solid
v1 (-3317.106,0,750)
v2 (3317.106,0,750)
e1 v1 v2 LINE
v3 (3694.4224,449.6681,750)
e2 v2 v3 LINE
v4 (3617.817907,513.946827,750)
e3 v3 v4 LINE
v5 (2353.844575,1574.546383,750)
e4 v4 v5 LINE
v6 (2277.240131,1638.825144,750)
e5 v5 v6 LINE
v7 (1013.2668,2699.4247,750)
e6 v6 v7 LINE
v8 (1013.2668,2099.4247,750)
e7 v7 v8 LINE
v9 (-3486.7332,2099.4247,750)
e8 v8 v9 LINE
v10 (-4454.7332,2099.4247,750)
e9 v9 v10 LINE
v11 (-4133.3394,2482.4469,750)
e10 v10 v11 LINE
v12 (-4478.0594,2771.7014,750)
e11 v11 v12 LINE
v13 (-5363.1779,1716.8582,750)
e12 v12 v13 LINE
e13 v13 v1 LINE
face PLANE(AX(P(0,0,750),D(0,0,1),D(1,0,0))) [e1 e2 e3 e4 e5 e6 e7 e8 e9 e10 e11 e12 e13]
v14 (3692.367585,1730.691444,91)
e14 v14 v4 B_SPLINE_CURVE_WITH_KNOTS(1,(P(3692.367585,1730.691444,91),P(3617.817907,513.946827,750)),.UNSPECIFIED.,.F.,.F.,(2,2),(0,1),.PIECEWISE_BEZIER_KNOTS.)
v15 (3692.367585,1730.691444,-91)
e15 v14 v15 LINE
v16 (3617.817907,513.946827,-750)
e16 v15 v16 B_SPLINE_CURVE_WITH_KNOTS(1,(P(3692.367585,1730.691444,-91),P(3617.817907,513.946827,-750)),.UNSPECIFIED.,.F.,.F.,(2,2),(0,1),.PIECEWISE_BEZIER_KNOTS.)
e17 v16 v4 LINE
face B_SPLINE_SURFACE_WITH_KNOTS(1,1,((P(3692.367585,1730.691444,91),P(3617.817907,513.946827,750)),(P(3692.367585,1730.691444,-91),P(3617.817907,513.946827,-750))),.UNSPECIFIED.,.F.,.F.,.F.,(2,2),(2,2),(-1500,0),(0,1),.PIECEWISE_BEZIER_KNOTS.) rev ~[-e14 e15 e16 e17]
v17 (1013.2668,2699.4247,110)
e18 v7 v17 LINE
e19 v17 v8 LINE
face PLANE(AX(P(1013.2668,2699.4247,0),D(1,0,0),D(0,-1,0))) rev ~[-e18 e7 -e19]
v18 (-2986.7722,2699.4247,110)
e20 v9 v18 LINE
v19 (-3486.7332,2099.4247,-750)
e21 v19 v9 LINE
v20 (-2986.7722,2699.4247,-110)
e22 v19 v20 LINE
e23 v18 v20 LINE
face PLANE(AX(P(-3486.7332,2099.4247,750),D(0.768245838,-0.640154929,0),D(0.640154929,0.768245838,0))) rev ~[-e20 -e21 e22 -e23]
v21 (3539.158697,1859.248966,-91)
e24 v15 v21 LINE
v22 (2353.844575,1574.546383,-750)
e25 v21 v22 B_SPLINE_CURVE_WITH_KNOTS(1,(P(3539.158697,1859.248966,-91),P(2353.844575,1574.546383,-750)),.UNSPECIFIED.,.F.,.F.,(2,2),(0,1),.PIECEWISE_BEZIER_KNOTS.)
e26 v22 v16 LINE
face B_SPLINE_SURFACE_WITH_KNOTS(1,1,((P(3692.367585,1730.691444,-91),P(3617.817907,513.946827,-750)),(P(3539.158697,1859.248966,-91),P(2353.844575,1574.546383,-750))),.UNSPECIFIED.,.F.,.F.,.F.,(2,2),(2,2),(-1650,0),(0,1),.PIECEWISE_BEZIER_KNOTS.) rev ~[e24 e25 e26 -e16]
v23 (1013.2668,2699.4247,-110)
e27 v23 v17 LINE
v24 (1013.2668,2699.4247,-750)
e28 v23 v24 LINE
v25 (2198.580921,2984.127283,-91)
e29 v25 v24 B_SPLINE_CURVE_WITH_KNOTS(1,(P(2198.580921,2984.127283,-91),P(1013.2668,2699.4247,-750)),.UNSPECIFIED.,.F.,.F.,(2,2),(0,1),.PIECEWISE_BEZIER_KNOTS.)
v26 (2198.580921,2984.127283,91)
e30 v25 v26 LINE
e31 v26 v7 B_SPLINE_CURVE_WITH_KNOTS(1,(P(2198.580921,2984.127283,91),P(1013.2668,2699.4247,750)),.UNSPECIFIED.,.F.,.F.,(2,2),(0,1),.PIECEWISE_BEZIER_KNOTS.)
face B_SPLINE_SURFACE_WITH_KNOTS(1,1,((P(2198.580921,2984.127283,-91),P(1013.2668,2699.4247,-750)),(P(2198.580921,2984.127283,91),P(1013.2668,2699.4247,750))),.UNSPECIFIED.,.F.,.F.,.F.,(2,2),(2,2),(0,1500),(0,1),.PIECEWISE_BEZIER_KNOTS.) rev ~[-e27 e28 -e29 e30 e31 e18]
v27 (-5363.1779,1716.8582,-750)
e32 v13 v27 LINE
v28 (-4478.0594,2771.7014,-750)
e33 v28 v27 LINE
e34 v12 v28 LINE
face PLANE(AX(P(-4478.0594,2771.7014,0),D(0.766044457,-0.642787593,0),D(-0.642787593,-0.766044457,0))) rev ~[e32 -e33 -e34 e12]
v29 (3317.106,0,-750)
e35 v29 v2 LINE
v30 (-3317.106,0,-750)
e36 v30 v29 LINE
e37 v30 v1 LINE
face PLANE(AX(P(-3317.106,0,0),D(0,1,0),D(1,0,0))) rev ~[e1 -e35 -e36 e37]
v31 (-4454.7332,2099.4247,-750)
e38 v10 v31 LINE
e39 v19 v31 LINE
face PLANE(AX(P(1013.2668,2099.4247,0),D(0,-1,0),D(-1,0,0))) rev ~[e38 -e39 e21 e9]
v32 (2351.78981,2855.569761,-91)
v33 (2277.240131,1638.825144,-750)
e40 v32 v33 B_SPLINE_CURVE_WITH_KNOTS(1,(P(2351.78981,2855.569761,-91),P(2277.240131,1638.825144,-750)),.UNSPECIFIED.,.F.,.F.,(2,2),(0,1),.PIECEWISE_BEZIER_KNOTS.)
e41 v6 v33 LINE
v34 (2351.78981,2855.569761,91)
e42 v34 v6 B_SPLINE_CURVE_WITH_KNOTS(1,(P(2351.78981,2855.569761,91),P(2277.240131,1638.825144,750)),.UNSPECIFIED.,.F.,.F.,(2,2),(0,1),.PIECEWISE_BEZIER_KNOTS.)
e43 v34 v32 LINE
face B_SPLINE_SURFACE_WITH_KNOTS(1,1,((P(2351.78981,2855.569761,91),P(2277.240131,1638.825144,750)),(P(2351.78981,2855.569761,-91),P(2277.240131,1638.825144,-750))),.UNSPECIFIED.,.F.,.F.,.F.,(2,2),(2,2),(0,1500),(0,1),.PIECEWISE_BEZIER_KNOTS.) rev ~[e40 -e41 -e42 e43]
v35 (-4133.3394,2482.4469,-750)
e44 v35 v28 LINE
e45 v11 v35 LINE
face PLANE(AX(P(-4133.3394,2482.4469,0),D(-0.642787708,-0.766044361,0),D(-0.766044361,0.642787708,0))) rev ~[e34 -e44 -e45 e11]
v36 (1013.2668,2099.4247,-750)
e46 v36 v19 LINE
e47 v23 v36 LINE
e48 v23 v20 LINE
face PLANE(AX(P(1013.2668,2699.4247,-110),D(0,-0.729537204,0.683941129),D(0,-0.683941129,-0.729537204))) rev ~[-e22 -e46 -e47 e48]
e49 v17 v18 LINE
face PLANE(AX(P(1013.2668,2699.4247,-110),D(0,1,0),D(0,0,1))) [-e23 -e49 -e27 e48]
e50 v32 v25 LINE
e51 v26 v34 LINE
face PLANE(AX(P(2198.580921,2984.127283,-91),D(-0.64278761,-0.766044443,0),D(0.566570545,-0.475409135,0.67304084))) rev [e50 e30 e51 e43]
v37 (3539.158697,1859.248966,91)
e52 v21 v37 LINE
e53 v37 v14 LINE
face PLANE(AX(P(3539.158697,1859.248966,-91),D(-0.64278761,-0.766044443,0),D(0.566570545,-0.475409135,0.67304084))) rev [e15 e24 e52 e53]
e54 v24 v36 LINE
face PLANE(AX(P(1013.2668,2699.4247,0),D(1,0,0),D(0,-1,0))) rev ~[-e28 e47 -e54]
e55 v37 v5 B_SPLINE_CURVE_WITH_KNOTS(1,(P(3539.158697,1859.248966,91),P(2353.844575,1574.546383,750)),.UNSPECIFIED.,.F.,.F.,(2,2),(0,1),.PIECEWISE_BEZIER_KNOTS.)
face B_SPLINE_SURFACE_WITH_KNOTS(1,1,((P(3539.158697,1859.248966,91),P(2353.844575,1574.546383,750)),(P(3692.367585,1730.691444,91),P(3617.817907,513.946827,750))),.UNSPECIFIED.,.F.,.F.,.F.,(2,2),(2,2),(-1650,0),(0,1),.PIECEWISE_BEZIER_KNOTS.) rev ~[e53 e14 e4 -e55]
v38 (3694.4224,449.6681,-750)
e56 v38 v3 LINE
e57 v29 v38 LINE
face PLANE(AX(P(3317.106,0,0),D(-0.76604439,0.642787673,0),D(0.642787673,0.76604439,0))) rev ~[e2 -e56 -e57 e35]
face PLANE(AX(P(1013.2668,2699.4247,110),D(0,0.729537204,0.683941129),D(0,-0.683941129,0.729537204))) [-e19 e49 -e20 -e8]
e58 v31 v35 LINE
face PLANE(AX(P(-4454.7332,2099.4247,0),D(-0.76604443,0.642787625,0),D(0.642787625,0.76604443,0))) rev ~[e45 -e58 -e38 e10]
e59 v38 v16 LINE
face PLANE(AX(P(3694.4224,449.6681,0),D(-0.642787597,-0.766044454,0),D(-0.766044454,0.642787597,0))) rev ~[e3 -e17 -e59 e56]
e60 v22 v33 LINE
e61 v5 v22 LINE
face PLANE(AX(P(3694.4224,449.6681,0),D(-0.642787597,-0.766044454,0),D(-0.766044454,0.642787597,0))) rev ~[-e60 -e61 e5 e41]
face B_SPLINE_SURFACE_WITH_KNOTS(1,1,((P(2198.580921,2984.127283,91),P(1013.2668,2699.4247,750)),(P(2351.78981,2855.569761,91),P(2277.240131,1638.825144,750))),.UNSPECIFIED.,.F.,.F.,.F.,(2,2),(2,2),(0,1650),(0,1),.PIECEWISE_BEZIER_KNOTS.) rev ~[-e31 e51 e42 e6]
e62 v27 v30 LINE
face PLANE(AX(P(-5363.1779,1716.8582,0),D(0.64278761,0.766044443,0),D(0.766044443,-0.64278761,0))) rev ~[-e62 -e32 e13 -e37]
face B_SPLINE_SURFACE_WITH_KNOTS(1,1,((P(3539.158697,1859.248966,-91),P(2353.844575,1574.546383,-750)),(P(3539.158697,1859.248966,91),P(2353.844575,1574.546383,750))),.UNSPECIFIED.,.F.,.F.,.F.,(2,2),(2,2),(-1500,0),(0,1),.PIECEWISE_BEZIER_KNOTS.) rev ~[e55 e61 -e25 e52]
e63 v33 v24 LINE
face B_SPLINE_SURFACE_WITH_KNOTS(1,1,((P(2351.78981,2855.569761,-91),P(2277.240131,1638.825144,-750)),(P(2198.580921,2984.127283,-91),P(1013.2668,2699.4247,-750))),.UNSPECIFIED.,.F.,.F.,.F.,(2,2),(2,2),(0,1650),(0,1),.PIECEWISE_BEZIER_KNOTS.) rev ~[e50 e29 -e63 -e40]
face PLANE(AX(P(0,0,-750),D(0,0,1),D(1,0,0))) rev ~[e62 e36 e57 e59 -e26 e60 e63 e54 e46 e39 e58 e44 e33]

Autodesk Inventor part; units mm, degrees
ref_plane "YZ Plane" through (0, 0, 0) normal (1, 0, 0) x (0, 1, 0)
ref_plane "XZ Plane" through (0, 0, 0) normal (0, 1, 0) x (-1, 0, 0)
ref_plane "XY Plane" through (0, 0, 0) normal (0, 0, 1) x (1, 0, 0)
sketch "Sketch1" plane through (0, 0, 0) normal (0, 0, 1) x (1, 0, 0)
  line L0 (-3317.106, 0) -> (3317.106, 0)
  line L1 (3317.106, 0) -> (3694.4224, 449.6681)
  line L2 (3694.4224, 449.6681) -> (1013.2668, 2699.4247)
  line L3 (1013.2668, 2699.4247) -> (1013.2668, 2099.4247)
  line L4 (1013.2668, 2099.4247) -> (-4454.7332, 2099.4247)
  line L5 (-4454.7332, 2099.4247) -> (-4133.3394, 2482.4469)
  line L6 (-4133.3394, 2482.4469) -> (-4478.0594, 2771.7014)
  line L7 (-4478.0594, 2771.7014) -> (-5363.1779, 1716.8582)
  line L8 (-5363.1779, 1716.8582) -> (-3317.0732, -0.0275)
  point P0 (0, 0)
  point P1 (0, 0)
  dimension "d19" = 587
  dimension "d20" = 130
  dimension "d21" = 3500
  dimension "d22" = 90
  dimension "d28" = 600
  dimension "d29" = 50
  dimension "d30" = 5468
  dimension "d31" = 90
  dimension "d32" = 500
  dimension "d33" = 50
  dimension "d34" = 450
  dimension "d35" = 90
  dimension "d36" = 1377
  dimension "d37" = 90
  dimension "d38" = 2671
  dimension "d39" = 90
  dimension "d40" = 6634.2121
  dimension "d41" = 140
extrude "Extrusion1" add sketch "Sketch1" along normal mid plane 1500
sketch "Sketch2" plane through (1013.2668, 2699.4247, 750) normal (0.6428, 0.766, 0) x (0.766, -0.6428, 0)
  line L0 (3400, 0) -> (1750, 0)
  line L1 (1750, 0) -> (1750, 1500)
  line L2 (1750, 1500) -> (3400, 1500)
  line L3 (3400, 1500) -> (3400, 0)
  line L4 (0, 1500) -> (0, 0) projected
  line L5 (3500, 0) -> (0, 0) projected
  line L6 (3500, 1500) -> (3500, 0) projected
  line L7 (0, 1500) -> (3500, 1500) projected
  point P0 (958.9494, 750)
  point P1 (3400, 750)
  point P2 (3500, 750)
  dimension "d44" = 1650
  dimension "d45" = 1500
  dimension "d46" = 100
ref_plane "Work Plane1" through (1643.1987, 3450.1483, 750) normal (0.6428, 0.766, 0) x (0.766, -0.6428, 0)
sketch "Sketch3" plane through (1643.1987, 3450.1483, 750) normal (0.6428, 0.766, 0) x (0.766, -0.6428, 0)
  line L0 (1750, 0) -> (1750, 1500) construction
  line L1 (1750, 1500) -> (3400, 1500) construction
  line L2 (3400, 1500) -> (3400, 0) construction
  line L3 (3400, 0) -> (1750, 0) construction
  line L4 (1750, 750) -> (3400, 750) construction
  line L5 (2575, 0) -> (2575, 1500) construction
  line L6 (2475, 659) -> (2675, 659)
  line L7 (2675, 659) -> (2675, 841)
  line L8 (2675, 841) -> (2475, 841)
  line L9 (2475, 841) -> (2475, 659)
  line L10 (2475, 659) -> (2675, 841) construction
  point P0 (958.9494, 750)
  point P1 (2575, 750)
  dimension "d48" = 182
  dimension "d49" = 200
loft "Loft1" add profiles "Sketch3", "Sketch2" contours all / L0 L1 L2 L3
sketch "Sketch4" plane through (1013.2668, 2699.4247, 750) normal (0.6428, 0.766, 0) x (0.766, -0.6428, 0)
  line L0 (0, 0) -> (1650, 0)
  line L1 (1650, 0) -> (1650, 1500)
  line L2 (1650, 1500) -> (0, 1500)
  line L3 (0, 1500) -> (0, 0)
  line L4 (1750, 0) -> (1750, 1500) projected
  line L5 (0, 1500) -> (1750, 1500) projected
  line L6 (0, 1500) -> (0, 0) projected
  line L7 (1750, 0) -> (0, 0) projected
  point P0 (958.9494, 750)
  point P1 (1650, 750)
  point P2 (1750, 750)
  dimension "d54" = 1650
  dimension "d55" = 1500
  dimension "d56" = 100
sketch "Sketch5" plane through (1643.1987, 3450.1483, 750) normal (0.6428, 0.766, 0) x (0.766, -0.6428, 0)
  line L0 (0, 1500) -> (1750, 1500) construction
  line L1 (0, 1500) -> (0, 0) construction
  line L2 (1650, 0) -> (1650, 1500) construction
  line L3 (0, 0) -> (1650, 0) construction
  line L4 (1650, 0) -> (0, 1500) construction
  line L5 (0, 0) -> (1650, 1500) construction
  line L6 (725, 659) -> (925, 659)
  line L7 (925, 659) -> (925, 841)
  line L8 (925, 841) -> (725, 841)
  line L9 (725, 841) -> (725, 659)
  line L10 (925, 659) -> (725, 841) construction
  point P0 (958.9494, 750)
  point P1 (825, 750)
  dimension "d59" = 200
  dimension "d60" = 182
loft "Loft2" add profiles "Sketch5", "Sketch4" contours all / L3 L2 L1 L0
sketch "Sketch6" plane through (1013.2668, 2099.4247, -750) normal (-1, 0, 0) x (0, 0, 1)
  line L0 (0, 0) -> (1500, 0) projected
  line L1 (0, 0) -> (0, 600) projected
  line L2 (0, 600) -> (1500, 600) projected
  line L3 (1500, 600) -> (1500, 0) projected
  line L4 (860, 600) -> (640, 600)
  line L5 (1500, 0) -> (0, 0)
  line L6 (860, 600) -> (1500, 0)
  line L7 (640, 600) -> (0, 0)
  point P0 (750, -2099.4247)
  point P1 (750, 600)
  point P2 (640, 600)
  point P3 (860, 600)
  dimension "d65" = 220
extrude "Extrusion2" add sketch "Sketch6" along normal blind 4500 contours L7 L2 L6 L0
sketch "Sketch7" plane through (-3486.7332, 2099.4247, -750) normal (-1, 0, 0) x (0, 0, 1)
  point P0 (750, -2099.4247)
sketch "Sketch8" plane through (0, 0, 750) normal (0, 0, 1) x (1, 0, 0)
  line L0 (1013.2668, 2699.4247) -> (1013.2668, 2099.4247) projected
  line L1 (1013.2668, 2699.4247) -> (-3486.7332, 2699.4247) projected
  line L2 (-3486.7332, 2099.4247) -> (-3486.7332, 2699.4247) projected
  line L3 (1013.2668, 2099.4247) -> (-3486.7332, 2099.4247) projected
  line L4 (-3486.7332, 2099.4247) -> (-2986.7722, 2699.4247)
  point P0 (0, 0)
  dimension "d69" = 781
extrude "Extrusion3" cut sketch "Sketch8" against normal through all contours L4 L2 L1
properties part number "МОО 000 Пример емкости"
